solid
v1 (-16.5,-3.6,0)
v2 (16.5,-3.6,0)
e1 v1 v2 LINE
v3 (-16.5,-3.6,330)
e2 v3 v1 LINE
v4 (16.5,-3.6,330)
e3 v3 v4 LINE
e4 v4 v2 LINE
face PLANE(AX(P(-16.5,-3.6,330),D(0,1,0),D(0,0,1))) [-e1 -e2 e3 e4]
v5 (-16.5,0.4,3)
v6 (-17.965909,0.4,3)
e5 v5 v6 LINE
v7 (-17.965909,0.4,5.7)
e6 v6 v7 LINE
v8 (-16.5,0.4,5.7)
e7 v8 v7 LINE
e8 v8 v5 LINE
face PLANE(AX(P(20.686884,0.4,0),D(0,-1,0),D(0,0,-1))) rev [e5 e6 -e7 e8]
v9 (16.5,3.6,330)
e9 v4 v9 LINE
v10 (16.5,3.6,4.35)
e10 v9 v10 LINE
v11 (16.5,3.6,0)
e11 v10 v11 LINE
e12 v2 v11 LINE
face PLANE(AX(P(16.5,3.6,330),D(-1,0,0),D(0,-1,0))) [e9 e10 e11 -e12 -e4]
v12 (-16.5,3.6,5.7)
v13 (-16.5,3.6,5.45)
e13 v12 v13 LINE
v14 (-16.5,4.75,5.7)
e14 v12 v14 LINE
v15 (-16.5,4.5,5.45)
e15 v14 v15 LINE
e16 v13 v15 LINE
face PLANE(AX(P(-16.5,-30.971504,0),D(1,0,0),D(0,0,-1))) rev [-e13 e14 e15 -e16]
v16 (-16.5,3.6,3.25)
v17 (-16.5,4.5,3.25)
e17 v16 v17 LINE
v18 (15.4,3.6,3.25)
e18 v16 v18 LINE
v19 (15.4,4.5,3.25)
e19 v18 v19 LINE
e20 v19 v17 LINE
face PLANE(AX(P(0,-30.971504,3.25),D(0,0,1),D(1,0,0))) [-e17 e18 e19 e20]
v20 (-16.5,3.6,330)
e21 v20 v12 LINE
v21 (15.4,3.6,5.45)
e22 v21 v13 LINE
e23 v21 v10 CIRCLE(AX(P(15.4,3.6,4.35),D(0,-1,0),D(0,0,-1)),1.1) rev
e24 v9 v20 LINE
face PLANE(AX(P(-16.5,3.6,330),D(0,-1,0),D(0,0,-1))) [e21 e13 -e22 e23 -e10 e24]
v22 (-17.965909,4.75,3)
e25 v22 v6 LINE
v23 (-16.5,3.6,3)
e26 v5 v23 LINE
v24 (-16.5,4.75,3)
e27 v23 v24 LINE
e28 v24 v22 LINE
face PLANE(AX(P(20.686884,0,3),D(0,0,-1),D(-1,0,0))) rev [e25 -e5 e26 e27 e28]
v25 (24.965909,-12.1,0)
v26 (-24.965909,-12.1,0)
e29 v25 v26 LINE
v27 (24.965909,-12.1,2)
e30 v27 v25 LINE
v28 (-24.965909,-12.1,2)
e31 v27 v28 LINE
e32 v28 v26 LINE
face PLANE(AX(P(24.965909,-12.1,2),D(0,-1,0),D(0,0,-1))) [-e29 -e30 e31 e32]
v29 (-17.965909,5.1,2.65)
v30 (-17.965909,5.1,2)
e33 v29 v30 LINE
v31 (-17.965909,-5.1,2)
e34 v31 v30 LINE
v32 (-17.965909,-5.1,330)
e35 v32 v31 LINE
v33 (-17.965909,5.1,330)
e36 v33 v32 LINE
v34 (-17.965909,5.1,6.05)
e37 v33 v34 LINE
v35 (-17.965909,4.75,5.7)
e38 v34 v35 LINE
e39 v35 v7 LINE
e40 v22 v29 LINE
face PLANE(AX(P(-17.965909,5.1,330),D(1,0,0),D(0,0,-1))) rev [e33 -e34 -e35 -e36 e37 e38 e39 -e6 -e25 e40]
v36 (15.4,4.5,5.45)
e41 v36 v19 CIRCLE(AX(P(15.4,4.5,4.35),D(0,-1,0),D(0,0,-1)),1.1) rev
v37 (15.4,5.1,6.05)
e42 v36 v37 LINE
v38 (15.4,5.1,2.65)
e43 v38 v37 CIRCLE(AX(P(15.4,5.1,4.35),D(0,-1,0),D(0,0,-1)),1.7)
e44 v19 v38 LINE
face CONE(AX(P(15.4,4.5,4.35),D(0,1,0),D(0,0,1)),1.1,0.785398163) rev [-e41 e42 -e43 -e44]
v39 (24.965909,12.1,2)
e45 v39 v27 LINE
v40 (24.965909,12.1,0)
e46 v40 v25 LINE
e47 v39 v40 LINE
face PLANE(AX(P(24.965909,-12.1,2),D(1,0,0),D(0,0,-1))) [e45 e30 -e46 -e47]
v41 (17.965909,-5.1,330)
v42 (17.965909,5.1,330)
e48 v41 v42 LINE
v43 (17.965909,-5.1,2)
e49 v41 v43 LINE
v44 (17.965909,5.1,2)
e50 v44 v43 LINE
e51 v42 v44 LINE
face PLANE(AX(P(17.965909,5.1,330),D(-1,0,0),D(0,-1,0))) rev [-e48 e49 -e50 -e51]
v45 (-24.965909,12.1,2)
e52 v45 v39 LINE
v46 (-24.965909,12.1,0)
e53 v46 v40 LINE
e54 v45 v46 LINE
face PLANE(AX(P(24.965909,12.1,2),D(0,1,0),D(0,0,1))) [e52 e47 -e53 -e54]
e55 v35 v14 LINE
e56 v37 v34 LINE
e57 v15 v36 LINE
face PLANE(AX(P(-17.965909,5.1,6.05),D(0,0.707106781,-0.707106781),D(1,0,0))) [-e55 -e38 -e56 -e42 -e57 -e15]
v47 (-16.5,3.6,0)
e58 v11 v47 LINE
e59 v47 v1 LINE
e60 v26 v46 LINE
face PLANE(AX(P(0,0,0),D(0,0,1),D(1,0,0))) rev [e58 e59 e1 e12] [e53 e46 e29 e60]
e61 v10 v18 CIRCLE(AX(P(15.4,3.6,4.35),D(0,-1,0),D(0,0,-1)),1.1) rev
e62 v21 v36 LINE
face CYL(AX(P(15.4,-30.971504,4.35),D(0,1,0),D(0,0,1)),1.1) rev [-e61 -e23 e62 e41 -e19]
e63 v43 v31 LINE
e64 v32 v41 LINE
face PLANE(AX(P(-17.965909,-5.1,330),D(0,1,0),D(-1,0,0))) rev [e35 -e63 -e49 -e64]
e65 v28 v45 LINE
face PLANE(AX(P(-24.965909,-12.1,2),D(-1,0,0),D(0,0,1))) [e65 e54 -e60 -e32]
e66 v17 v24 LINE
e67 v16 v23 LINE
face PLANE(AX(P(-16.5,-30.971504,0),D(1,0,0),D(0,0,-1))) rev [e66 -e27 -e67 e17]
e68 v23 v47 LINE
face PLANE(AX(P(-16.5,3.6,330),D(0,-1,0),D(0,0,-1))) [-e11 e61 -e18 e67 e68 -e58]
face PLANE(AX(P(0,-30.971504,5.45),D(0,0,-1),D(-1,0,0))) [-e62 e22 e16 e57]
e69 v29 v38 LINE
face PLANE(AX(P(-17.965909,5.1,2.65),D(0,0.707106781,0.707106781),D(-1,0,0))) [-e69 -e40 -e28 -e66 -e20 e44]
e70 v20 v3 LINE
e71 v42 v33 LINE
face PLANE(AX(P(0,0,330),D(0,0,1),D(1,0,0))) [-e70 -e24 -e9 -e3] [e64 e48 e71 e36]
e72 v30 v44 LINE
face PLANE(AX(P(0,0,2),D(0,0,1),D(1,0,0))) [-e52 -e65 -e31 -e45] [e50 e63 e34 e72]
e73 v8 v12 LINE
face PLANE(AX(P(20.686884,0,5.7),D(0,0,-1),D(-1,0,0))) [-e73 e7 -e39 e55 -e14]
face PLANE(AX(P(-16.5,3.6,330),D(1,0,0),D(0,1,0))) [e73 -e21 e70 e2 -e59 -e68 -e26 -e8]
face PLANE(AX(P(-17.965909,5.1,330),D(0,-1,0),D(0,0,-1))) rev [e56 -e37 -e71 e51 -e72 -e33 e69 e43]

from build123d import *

# Parameters (mm, degrees)
SCHIZZO1_W                   = 35.931818182
SCHIZZO1_H                   = 10.2
SCHIZZO1_W_2                 = 33
SCHIZZO1_H_2                 = 7.2
ESTRUSIONE_ESTRUSIONE1_DEPTH = 330
SCHIZZO3_W                   = 2.7
SCHIZZO3_H                   = 3.2
TAGLIO_ESTRUSIONE1_DEPTH     = 34.465909091
TAGLIO_ESTRUSIONE2_DEPTH     = 1.5
SMUSSO2_SIZE                 = 0.6
SCHIZZO5_W                   = 49.931818182
SCHIZZO5_H                   = 24.2
SCHIZZO5_W_2                 = 35.931818182
SCHIZZO5_H_2                 = 10.2
ESTRUSIONE_ESTRUSIONE2_DEPTH = 2


with BuildPart() as part:
    # Schizzo1 → Estrusione-Estrusione1 (new body)
    with BuildSketch(Plane.XY):
        Rectangle(SCHIZZO1_W, SCHIZZO1_H)
        Rectangle(SCHIZZO1_W_2, SCHIZZO1_H_2, mode=Mode.SUBTRACT)
    extrude(amount=ESTRUSIONE_ESTRUSIONE1_DEPTH)

    # Schizzo3 → Taglio-Estrusione1 (cut)
    with BuildSketch(Plane.ZY.offset(17.965909091)):
        with Locations((4.35, 2)):
            Rectangle(SCHIZZO3_W, SCHIZZO3_H)
    extrude(amount=-TAGLIO_ESTRUSIONE1_DEPTH, mode=Mode.SUBTRACT)

    # Schizzo4 → Taglio-Estrusione2 (cut)
    with BuildSketch(Plane(origin=(0, 5.1, 0), x_dir=(1, 0, 0), z_dir=(0, 1, 0))):
        with BuildLine():
            Line((-16.5, -5.45), (15.4, -5.45))
            ThreePointArc((15.4, -5.45), (16.5, -4.35), (15.4, -3.25))
            Line((15.4, -3.25), (-16.5, -3.25))
            Line((-16.5, -3.25), (-16.5, -3))
            Line((-16.5, -3), (-17.965909091, -3))
            Line((-17.965909091, -3), (-17.965909091, -5.7))
            Line((-17.965909091, -5.7), (-16.5, -5.7))
            Line((-16.5, -5.7), (-16.5, -5.45))
        make_face()
    extrude(amount=-TAGLIO_ESTRUSIONE2_DEPTH, mode=Mode.SUBTRACT)

    # Smusso2
    smusso2_edges = [part.edges().sort_by_distance(p)[0] for p in [
        (-0.55, 5.1, 3.25),
        (16.5, 5.1, 4.35),
        (-0.55, 5.1, 5.45),
    ]]
    chamfer(smusso2_edges, length=SMUSSO2_SIZE)

    # Schizzo5 → Estrusione-Estrusione2 (add)
    with BuildSketch(Plane(origin=(0, 0, 0), x_dir=(-1, 0, 0), z_dir=(0, 0, -1))):
        Rectangle(SCHIZZO5_W, SCHIZZO5_H)
        Rectangle(SCHIZZO5_W_2, SCHIZZO5_H_2, mode=Mode.SUBTRACT)
    extrude(amount=-ESTRUSIONE_ESTRUSIONE2_DEPTH)


solid = part.part
